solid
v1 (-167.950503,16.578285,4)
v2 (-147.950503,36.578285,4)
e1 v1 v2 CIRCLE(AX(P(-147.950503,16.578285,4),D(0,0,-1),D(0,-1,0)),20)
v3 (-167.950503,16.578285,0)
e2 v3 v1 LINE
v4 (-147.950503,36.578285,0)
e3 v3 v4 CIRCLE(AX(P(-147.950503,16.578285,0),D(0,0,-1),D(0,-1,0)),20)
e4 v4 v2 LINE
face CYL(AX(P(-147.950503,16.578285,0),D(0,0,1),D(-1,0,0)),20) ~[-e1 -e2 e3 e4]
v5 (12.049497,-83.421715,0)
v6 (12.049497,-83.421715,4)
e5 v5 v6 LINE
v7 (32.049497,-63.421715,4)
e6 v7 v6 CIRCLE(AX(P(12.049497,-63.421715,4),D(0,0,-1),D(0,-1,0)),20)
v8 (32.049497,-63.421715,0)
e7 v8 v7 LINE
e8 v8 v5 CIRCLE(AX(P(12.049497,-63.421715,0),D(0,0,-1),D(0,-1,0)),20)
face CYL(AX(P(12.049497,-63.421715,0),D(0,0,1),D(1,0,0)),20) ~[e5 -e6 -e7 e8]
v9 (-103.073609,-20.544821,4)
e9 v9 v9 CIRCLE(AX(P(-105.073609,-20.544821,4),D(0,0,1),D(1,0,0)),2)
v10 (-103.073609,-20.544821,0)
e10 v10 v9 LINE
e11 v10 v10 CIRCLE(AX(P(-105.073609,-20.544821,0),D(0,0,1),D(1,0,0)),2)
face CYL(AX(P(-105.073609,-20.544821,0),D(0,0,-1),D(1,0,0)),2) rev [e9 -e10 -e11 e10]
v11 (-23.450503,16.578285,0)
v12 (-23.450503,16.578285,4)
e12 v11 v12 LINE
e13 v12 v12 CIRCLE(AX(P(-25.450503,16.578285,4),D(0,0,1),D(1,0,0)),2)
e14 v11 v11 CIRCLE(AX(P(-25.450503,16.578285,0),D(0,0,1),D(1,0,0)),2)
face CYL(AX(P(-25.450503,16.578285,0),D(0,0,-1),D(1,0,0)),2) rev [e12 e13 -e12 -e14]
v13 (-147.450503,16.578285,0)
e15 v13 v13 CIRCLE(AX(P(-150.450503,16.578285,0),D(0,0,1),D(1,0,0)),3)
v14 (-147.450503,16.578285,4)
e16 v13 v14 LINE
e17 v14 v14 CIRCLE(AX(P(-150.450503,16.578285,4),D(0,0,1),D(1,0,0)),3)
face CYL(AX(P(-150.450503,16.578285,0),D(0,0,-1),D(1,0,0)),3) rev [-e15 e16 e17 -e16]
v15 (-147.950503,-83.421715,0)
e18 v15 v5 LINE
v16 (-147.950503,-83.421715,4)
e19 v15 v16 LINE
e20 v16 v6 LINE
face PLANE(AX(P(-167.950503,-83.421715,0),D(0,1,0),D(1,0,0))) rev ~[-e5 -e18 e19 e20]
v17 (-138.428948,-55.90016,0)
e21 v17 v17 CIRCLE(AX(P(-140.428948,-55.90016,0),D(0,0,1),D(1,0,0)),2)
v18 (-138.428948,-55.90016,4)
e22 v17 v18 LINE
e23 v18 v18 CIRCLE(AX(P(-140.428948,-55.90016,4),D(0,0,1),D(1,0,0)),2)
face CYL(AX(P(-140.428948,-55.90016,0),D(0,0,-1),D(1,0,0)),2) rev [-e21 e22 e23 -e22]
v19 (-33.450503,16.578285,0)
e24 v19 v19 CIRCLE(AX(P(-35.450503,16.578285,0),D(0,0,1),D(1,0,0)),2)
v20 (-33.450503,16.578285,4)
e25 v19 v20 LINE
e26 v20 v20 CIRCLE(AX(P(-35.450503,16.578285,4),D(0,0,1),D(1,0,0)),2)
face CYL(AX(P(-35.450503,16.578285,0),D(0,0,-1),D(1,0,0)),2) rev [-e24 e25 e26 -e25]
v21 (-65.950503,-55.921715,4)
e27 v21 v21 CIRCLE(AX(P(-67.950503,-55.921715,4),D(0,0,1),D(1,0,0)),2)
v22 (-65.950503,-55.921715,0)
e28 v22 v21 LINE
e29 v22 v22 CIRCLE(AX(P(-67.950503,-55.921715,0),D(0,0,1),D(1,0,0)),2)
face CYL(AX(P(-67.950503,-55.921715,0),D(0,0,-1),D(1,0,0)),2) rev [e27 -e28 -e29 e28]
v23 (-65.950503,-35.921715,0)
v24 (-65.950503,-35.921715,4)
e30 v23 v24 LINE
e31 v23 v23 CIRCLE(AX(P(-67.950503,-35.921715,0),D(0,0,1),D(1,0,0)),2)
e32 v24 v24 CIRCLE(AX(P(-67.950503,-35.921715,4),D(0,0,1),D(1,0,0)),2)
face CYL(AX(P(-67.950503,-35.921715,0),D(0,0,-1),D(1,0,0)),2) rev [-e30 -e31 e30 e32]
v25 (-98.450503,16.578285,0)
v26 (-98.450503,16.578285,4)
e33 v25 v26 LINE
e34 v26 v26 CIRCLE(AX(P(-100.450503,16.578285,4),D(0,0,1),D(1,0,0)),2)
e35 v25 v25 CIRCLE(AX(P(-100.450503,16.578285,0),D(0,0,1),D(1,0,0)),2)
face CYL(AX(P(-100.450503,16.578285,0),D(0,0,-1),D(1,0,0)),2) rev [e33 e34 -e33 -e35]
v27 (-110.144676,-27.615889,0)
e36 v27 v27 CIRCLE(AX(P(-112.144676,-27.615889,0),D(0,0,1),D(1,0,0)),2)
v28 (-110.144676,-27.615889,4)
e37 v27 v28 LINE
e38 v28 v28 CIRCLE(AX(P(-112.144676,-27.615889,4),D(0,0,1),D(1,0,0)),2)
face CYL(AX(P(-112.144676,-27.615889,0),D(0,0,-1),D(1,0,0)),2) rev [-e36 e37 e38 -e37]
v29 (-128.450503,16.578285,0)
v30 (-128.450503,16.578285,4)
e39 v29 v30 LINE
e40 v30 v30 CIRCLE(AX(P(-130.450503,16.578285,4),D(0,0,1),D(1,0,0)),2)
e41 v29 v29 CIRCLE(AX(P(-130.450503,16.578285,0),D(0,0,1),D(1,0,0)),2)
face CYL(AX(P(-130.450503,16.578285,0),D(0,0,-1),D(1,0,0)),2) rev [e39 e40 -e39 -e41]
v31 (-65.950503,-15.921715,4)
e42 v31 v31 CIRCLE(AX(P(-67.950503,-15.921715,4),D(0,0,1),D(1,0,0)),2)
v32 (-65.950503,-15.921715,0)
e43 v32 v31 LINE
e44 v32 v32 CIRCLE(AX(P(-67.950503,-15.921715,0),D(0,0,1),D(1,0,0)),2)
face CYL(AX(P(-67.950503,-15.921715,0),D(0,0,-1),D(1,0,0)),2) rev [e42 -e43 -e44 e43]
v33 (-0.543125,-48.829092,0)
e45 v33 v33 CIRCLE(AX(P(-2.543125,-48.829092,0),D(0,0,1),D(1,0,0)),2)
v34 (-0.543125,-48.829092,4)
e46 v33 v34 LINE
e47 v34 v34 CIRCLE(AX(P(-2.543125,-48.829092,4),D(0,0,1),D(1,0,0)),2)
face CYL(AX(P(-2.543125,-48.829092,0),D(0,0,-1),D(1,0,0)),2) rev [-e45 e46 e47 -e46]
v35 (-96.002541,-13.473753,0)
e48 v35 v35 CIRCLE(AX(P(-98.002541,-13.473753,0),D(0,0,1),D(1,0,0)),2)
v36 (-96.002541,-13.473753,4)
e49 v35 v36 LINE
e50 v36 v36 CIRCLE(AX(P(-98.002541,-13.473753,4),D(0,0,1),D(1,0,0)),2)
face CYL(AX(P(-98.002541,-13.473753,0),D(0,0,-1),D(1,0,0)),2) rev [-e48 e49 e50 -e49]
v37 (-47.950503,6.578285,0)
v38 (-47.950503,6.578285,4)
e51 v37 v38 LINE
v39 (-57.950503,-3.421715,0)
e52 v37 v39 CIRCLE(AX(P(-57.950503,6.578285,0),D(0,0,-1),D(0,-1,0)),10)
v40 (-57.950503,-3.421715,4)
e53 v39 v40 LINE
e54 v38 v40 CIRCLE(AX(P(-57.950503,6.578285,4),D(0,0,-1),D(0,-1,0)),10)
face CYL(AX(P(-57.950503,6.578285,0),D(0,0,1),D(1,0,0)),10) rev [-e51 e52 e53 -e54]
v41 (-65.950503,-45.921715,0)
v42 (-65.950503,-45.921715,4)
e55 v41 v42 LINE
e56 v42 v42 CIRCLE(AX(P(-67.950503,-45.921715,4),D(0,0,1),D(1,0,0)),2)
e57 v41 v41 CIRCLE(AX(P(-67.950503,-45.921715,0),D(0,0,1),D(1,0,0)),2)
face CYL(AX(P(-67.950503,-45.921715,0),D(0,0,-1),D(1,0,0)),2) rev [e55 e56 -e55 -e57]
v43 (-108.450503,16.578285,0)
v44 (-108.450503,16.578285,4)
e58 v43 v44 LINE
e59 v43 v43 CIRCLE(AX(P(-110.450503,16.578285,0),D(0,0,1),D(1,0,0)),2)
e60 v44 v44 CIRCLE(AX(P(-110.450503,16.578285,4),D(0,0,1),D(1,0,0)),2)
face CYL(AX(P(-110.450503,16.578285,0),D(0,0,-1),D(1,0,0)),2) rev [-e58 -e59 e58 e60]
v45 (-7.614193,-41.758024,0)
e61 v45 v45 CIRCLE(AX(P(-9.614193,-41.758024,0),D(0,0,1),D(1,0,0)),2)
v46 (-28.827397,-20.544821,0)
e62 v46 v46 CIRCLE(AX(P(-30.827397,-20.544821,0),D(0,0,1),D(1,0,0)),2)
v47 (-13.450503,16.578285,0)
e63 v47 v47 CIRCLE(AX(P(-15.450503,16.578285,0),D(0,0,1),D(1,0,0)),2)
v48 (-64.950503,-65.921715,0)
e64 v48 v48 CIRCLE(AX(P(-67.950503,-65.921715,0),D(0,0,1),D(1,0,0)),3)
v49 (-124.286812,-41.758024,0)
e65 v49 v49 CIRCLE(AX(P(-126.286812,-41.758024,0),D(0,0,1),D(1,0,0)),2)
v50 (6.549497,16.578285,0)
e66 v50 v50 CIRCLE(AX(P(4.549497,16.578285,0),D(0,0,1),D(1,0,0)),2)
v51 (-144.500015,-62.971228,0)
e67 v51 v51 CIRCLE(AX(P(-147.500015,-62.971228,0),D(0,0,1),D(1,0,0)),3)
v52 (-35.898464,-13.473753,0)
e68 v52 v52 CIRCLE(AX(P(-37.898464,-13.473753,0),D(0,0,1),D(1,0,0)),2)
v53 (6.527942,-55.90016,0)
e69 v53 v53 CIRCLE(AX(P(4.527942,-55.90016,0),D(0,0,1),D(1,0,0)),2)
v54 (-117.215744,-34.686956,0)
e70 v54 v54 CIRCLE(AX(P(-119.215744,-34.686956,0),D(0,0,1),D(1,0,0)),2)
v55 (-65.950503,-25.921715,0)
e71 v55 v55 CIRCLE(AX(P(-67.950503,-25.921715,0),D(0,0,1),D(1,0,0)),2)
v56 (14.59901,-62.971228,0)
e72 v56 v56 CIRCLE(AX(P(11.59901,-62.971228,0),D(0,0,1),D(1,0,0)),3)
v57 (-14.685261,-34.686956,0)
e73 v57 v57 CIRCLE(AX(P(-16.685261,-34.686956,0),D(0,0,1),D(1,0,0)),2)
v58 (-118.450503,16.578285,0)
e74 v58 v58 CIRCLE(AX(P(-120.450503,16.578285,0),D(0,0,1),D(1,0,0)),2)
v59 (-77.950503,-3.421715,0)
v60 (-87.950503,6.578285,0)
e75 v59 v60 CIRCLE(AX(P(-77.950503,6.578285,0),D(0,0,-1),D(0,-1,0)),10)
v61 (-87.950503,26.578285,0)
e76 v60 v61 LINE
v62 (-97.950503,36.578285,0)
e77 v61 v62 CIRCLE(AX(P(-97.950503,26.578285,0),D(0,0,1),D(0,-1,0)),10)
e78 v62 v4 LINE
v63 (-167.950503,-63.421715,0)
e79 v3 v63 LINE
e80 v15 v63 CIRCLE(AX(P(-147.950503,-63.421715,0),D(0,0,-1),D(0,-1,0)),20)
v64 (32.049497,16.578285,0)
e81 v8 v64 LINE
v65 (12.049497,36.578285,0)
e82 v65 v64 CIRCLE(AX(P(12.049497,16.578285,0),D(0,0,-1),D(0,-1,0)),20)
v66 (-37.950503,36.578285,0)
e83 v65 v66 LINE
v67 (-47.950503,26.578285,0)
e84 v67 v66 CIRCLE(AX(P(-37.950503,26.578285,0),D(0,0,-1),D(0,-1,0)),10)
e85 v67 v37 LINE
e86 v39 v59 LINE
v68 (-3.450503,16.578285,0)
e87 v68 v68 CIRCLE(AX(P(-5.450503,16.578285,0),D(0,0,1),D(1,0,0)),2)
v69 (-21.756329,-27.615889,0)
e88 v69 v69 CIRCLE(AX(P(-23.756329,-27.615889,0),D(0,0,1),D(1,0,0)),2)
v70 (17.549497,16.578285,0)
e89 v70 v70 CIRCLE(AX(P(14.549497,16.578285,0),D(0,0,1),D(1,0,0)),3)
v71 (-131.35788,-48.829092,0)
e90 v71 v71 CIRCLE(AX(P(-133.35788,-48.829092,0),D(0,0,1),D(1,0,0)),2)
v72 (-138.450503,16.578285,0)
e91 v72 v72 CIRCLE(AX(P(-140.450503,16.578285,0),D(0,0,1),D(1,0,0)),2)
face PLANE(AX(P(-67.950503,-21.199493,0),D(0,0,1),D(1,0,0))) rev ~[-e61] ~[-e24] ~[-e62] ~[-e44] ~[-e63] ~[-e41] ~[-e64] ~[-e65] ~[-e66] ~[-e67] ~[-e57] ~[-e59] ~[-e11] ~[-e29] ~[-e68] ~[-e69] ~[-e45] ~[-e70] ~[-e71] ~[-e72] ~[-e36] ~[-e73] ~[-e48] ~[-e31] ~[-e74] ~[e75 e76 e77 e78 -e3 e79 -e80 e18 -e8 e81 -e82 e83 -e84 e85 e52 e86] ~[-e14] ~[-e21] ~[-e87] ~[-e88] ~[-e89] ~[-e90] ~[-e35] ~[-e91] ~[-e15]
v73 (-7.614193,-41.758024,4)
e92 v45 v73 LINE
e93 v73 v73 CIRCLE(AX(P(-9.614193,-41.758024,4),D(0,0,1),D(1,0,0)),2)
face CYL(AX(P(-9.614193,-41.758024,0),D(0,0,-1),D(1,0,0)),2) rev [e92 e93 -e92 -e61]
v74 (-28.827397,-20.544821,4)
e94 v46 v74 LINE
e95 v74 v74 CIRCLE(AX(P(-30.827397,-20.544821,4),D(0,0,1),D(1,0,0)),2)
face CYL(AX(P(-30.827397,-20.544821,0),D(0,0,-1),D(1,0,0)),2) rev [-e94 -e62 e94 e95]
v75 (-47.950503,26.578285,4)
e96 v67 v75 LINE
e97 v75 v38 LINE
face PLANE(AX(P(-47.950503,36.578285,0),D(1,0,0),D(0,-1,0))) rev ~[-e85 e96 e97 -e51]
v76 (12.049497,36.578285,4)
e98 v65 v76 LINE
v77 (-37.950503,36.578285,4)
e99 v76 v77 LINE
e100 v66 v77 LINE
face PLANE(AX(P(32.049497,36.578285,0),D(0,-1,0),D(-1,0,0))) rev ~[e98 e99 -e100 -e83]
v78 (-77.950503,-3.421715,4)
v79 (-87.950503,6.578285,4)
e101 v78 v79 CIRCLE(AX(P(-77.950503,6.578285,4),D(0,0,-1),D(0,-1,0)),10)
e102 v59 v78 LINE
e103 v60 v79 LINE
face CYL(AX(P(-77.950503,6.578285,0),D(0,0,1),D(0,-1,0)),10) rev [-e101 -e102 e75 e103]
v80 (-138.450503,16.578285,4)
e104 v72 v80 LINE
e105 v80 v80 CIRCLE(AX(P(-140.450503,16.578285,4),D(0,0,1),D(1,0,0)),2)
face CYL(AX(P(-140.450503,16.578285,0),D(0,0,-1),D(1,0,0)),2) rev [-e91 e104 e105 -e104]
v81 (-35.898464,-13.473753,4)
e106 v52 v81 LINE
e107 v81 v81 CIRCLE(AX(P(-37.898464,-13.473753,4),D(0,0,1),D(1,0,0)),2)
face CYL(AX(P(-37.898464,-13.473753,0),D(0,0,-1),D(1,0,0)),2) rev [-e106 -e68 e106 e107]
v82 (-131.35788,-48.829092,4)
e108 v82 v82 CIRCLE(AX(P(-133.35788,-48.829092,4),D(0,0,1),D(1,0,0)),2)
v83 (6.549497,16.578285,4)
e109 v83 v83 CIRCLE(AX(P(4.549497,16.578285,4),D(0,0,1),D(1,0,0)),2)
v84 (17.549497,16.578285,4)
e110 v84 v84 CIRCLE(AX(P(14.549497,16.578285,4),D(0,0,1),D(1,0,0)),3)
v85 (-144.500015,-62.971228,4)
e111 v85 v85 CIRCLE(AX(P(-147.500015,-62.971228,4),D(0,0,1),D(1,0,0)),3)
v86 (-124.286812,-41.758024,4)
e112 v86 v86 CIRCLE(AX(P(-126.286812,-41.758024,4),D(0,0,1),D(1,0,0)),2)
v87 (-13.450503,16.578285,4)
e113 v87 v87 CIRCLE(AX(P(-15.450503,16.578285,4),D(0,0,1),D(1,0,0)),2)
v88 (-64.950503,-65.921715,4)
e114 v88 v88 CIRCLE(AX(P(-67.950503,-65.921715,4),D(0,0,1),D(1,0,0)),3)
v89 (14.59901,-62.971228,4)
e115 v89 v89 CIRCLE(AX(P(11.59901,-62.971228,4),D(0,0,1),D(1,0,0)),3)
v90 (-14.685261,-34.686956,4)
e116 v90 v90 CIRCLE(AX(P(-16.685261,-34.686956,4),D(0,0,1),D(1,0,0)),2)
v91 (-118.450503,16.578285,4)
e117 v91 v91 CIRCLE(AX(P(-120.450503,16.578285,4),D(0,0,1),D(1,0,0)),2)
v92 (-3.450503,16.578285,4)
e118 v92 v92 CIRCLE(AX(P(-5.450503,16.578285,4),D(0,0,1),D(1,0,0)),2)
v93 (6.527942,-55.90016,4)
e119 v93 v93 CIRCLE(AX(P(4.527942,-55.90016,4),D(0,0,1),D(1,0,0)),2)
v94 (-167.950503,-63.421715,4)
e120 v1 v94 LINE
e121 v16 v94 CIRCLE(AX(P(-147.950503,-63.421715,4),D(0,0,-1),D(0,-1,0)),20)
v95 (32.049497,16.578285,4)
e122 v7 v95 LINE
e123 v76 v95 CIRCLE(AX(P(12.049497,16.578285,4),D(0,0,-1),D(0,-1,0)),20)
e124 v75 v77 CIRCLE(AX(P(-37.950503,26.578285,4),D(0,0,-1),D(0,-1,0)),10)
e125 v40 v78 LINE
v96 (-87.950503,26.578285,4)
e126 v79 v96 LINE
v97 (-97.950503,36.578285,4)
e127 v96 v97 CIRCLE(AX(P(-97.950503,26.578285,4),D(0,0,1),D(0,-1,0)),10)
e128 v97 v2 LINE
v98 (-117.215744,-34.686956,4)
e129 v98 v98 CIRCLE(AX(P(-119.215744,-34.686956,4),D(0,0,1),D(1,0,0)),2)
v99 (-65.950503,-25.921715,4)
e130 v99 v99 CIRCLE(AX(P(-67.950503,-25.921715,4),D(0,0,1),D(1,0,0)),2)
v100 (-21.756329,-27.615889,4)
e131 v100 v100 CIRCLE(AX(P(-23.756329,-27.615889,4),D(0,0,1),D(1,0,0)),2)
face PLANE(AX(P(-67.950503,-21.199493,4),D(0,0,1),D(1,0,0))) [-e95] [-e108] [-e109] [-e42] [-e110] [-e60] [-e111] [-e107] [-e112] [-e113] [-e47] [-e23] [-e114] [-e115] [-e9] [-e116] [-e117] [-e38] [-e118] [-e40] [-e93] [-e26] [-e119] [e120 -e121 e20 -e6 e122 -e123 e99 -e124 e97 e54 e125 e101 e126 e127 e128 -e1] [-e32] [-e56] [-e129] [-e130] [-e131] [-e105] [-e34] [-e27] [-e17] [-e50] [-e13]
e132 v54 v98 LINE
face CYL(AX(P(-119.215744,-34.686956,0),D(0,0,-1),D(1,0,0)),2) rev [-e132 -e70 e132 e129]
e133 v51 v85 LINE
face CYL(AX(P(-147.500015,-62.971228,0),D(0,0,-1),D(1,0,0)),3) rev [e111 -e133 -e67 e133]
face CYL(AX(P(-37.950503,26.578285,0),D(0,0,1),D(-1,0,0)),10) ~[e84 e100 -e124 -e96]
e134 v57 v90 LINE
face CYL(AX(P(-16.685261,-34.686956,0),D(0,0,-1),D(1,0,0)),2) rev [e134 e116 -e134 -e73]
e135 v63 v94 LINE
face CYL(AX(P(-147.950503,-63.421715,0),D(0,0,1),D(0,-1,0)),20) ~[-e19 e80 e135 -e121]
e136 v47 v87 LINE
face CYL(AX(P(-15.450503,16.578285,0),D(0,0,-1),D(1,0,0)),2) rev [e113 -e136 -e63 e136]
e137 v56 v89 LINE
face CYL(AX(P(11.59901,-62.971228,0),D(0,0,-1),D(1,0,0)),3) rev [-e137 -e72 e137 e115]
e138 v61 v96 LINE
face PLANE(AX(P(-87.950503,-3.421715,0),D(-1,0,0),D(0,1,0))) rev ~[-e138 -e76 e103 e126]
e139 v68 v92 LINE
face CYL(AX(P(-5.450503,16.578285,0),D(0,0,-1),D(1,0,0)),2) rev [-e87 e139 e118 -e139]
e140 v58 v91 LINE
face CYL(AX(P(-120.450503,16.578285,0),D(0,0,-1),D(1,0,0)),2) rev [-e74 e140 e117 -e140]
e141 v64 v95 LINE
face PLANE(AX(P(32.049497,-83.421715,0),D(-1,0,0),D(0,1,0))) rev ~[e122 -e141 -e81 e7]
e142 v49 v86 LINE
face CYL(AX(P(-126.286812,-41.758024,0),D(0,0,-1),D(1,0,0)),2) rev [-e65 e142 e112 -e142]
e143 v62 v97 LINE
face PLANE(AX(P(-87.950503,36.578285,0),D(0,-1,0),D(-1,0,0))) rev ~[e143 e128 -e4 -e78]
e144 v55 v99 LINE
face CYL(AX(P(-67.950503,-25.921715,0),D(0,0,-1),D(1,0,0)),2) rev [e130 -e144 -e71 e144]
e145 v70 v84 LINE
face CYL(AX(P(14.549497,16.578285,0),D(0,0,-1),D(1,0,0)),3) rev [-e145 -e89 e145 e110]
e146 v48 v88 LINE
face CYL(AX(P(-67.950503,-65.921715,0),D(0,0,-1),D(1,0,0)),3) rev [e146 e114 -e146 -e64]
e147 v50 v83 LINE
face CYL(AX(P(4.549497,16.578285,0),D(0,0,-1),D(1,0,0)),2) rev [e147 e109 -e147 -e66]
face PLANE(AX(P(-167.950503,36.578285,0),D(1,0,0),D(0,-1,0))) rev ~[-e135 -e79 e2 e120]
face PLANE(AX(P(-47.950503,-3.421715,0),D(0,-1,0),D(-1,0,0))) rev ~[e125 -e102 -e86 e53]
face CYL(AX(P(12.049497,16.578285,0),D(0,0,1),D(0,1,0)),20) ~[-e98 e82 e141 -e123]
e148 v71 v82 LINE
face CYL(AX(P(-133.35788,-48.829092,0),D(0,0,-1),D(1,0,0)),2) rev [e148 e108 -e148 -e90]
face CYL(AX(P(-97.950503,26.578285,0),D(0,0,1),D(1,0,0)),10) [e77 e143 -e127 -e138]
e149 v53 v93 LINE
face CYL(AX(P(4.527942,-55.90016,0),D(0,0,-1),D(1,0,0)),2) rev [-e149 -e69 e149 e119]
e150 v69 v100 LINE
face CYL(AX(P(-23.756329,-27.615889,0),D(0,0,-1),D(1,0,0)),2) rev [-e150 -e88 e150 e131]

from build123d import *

# Parameters (mm, degrees)
SKETCH1_R           = 3
SKETCH1_R_2         = 2
BOSS_EXTRUDE1_DEPTH = 4
FILLET1_R           = 10
FILLET2_R           = 10
FILLET3_R           = 20


with BuildPart() as part:
    # Sketch1 → Boss-Extrude1 (new body)
    with BuildSketch(Plane.XY):
        Polygon((32.0494974, 36.578285273), (-47.9505026, 36.578285273), (-47.9505026, -3.421714727), (-87.9505026, -3.421714727), (-87.9505026, 36.578285273), (-167.9505026, 36.578285273), (-167.9505026, -83.421714727), (32.0494974, -83.421714727), align=None)
        with Locations((14.5494974, 16.578285273)):
            Circle(SKETCH1_R, mode=Mode.SUBTRACT)
        with Locations((-9.614193152, -41.758024175)):
            Circle(SKETCH1_R_2, mode=Mode.SUBTRACT)
        with Locations((-16.685260964, -34.686956363)):
            Circle(SKETCH1_R_2, mode=Mode.SUBTRACT)
        with Locations((-23.756328775, -27.615888551)):
            Circle(SKETCH1_R_2, mode=Mode.SUBTRACT)
        with Locations((-30.827396587, -20.544820739)):
            Circle(SKETCH1_R_2, mode=Mode.SUBTRACT)
        with Locations((-37.898464399, -13.473752928)):
            Circle(SKETCH1_R_2, mode=Mode.SUBTRACT)
        with Locations((-35.4505026, 16.578285273)):
            Circle(SKETCH1_R_2, mode=Mode.SUBTRACT)
        with Locations((-25.4505026, 16.578285273)):
            Circle(SKETCH1_R_2, mode=Mode.SUBTRACT)
        with Locations((-15.4505026, 16.578285273)):
            Circle(SKETCH1_R_2, mode=Mode.SUBTRACT)
        with Locations((-5.4505026, 16.578285273)):
            Circle(SKETCH1_R_2, mode=Mode.SUBTRACT)
        with Locations((4.5494974, 16.578285273)):
            Circle(SKETCH1_R_2, mode=Mode.SUBTRACT)
        with Locations((-2.54312534, -48.829091987)):
            Circle(SKETCH1_R_2, mode=Mode.SUBTRACT)
        with Locations((-67.9505026, -65.921714727)):
            Circle(SKETCH1_R, mode=Mode.SUBTRACT)
        with Locations((-67.9505026, -55.921714727)):
            Circle(SKETCH1_R_2, mode=Mode.SUBTRACT)
        with Locations((-67.9505026, -45.921714727)):
            Circle(SKETCH1_R_2, mode=Mode.SUBTRACT)
        with Locations((-67.9505026, -35.921714727)):
            Circle(SKETCH1_R_2, mode=Mode.SUBTRACT)
        with Locations((-67.9505026, -25.921714727)):
            Circle(SKETCH1_R_2, mode=Mode.SUBTRACT)
        with Locations((-67.9505026, -15.921714727)):
            Circle(SKETCH1_R_2, mode=Mode.SUBTRACT)
        with Locations((4.527942472, -55.900159799)):
            Circle(SKETCH1_R_2, mode=Mode.SUBTRACT)
        with Locations((-126.286812048, -41.758024175)):
            Circle(SKETCH1_R_2, mode=Mode.SUBTRACT)
        with Locations((-119.215744236, -34.686956363)):
            Circle(SKETCH1_R_2, mode=Mode.SUBTRACT)
        with Locations((-112.144676424, -27.615888551)):
            Circle(SKETCH1_R_2, mode=Mode.SUBTRACT)
        with Locations((-105.073608612, -20.544820739)):
            Circle(SKETCH1_R_2, mode=Mode.SUBTRACT)
        with Locations((-98.0025408, -13.473752928)):
            Circle(SKETCH1_R_2, mode=Mode.SUBTRACT)
        with Locations((11.599010284, -62.971227611)):
            Circle(SKETCH1_R, mode=Mode.SUBTRACT)
        with Locations((-150.4505026, 16.578285273)):
            Circle(SKETCH1_R, mode=Mode.SUBTRACT)
        with Locations((-140.4505026, 16.578285273)):
            Circle(SKETCH1_R_2, mode=Mode.SUBTRACT)
        with Locations((-130.4505026, 16.578285273)):
            Circle(SKETCH1_R_2, mode=Mode.SUBTRACT)
        with Locations((-120.4505026, 16.578285273)):
            Circle(SKETCH1_R_2, mode=Mode.SUBTRACT)
        with Locations((-110.4505026, 16.578285273)):
            Circle(SKETCH1_R_2, mode=Mode.SUBTRACT)
        with Locations((-100.4505026, 16.578285273)):
            Circle(SKETCH1_R_2, mode=Mode.SUBTRACT)
        with Locations((-133.357879859, -48.829091987)):
            Circle(SKETCH1_R_2, mode=Mode.SUBTRACT)
        with Locations((-140.428947671, -55.900159799)):
            Circle(SKETCH1_R_2, mode=Mode.SUBTRACT)
        with Locations((-147.500015483, -62.971227611)):
            Circle(SKETCH1_R, mode=Mode.SUBTRACT)
    extrude(amount=BOSS_EXTRUDE1_DEPTH)

    # Fillet1
    fillet1_edges = [part.edges().sort_by_distance(p)[0] for p in [
        (-87.9505026, -3.421714727, 2),
        (-47.9505026, -3.421714727, 2),
    ]]
    fillet(fillet1_edges, radius=FILLET1_R)

    # Fillet2
    fillet2_edges = [part.edges().sort_by_distance(p)[0] for p in [
        (-47.9505026, 36.578285273, 2),
        (-87.9505026, 36.578285273, 2),
    ]]
    fillet(fillet2_edges, radius=FILLET2_R)

    # Fillet3
    fillet3_edges = [part.edges().sort_by_distance(p)[0] for p in [
        (32.0494974, 36.578285273, 2),
        (32.0494974, -83.421714727, 2),
        (-167.9505026, -83.421714727, 2),
        (-167.9505026, 36.578285273, 2),
    ]]
    fillet(fillet3_edges, radius=FILLET3_R)


solid = part.part
